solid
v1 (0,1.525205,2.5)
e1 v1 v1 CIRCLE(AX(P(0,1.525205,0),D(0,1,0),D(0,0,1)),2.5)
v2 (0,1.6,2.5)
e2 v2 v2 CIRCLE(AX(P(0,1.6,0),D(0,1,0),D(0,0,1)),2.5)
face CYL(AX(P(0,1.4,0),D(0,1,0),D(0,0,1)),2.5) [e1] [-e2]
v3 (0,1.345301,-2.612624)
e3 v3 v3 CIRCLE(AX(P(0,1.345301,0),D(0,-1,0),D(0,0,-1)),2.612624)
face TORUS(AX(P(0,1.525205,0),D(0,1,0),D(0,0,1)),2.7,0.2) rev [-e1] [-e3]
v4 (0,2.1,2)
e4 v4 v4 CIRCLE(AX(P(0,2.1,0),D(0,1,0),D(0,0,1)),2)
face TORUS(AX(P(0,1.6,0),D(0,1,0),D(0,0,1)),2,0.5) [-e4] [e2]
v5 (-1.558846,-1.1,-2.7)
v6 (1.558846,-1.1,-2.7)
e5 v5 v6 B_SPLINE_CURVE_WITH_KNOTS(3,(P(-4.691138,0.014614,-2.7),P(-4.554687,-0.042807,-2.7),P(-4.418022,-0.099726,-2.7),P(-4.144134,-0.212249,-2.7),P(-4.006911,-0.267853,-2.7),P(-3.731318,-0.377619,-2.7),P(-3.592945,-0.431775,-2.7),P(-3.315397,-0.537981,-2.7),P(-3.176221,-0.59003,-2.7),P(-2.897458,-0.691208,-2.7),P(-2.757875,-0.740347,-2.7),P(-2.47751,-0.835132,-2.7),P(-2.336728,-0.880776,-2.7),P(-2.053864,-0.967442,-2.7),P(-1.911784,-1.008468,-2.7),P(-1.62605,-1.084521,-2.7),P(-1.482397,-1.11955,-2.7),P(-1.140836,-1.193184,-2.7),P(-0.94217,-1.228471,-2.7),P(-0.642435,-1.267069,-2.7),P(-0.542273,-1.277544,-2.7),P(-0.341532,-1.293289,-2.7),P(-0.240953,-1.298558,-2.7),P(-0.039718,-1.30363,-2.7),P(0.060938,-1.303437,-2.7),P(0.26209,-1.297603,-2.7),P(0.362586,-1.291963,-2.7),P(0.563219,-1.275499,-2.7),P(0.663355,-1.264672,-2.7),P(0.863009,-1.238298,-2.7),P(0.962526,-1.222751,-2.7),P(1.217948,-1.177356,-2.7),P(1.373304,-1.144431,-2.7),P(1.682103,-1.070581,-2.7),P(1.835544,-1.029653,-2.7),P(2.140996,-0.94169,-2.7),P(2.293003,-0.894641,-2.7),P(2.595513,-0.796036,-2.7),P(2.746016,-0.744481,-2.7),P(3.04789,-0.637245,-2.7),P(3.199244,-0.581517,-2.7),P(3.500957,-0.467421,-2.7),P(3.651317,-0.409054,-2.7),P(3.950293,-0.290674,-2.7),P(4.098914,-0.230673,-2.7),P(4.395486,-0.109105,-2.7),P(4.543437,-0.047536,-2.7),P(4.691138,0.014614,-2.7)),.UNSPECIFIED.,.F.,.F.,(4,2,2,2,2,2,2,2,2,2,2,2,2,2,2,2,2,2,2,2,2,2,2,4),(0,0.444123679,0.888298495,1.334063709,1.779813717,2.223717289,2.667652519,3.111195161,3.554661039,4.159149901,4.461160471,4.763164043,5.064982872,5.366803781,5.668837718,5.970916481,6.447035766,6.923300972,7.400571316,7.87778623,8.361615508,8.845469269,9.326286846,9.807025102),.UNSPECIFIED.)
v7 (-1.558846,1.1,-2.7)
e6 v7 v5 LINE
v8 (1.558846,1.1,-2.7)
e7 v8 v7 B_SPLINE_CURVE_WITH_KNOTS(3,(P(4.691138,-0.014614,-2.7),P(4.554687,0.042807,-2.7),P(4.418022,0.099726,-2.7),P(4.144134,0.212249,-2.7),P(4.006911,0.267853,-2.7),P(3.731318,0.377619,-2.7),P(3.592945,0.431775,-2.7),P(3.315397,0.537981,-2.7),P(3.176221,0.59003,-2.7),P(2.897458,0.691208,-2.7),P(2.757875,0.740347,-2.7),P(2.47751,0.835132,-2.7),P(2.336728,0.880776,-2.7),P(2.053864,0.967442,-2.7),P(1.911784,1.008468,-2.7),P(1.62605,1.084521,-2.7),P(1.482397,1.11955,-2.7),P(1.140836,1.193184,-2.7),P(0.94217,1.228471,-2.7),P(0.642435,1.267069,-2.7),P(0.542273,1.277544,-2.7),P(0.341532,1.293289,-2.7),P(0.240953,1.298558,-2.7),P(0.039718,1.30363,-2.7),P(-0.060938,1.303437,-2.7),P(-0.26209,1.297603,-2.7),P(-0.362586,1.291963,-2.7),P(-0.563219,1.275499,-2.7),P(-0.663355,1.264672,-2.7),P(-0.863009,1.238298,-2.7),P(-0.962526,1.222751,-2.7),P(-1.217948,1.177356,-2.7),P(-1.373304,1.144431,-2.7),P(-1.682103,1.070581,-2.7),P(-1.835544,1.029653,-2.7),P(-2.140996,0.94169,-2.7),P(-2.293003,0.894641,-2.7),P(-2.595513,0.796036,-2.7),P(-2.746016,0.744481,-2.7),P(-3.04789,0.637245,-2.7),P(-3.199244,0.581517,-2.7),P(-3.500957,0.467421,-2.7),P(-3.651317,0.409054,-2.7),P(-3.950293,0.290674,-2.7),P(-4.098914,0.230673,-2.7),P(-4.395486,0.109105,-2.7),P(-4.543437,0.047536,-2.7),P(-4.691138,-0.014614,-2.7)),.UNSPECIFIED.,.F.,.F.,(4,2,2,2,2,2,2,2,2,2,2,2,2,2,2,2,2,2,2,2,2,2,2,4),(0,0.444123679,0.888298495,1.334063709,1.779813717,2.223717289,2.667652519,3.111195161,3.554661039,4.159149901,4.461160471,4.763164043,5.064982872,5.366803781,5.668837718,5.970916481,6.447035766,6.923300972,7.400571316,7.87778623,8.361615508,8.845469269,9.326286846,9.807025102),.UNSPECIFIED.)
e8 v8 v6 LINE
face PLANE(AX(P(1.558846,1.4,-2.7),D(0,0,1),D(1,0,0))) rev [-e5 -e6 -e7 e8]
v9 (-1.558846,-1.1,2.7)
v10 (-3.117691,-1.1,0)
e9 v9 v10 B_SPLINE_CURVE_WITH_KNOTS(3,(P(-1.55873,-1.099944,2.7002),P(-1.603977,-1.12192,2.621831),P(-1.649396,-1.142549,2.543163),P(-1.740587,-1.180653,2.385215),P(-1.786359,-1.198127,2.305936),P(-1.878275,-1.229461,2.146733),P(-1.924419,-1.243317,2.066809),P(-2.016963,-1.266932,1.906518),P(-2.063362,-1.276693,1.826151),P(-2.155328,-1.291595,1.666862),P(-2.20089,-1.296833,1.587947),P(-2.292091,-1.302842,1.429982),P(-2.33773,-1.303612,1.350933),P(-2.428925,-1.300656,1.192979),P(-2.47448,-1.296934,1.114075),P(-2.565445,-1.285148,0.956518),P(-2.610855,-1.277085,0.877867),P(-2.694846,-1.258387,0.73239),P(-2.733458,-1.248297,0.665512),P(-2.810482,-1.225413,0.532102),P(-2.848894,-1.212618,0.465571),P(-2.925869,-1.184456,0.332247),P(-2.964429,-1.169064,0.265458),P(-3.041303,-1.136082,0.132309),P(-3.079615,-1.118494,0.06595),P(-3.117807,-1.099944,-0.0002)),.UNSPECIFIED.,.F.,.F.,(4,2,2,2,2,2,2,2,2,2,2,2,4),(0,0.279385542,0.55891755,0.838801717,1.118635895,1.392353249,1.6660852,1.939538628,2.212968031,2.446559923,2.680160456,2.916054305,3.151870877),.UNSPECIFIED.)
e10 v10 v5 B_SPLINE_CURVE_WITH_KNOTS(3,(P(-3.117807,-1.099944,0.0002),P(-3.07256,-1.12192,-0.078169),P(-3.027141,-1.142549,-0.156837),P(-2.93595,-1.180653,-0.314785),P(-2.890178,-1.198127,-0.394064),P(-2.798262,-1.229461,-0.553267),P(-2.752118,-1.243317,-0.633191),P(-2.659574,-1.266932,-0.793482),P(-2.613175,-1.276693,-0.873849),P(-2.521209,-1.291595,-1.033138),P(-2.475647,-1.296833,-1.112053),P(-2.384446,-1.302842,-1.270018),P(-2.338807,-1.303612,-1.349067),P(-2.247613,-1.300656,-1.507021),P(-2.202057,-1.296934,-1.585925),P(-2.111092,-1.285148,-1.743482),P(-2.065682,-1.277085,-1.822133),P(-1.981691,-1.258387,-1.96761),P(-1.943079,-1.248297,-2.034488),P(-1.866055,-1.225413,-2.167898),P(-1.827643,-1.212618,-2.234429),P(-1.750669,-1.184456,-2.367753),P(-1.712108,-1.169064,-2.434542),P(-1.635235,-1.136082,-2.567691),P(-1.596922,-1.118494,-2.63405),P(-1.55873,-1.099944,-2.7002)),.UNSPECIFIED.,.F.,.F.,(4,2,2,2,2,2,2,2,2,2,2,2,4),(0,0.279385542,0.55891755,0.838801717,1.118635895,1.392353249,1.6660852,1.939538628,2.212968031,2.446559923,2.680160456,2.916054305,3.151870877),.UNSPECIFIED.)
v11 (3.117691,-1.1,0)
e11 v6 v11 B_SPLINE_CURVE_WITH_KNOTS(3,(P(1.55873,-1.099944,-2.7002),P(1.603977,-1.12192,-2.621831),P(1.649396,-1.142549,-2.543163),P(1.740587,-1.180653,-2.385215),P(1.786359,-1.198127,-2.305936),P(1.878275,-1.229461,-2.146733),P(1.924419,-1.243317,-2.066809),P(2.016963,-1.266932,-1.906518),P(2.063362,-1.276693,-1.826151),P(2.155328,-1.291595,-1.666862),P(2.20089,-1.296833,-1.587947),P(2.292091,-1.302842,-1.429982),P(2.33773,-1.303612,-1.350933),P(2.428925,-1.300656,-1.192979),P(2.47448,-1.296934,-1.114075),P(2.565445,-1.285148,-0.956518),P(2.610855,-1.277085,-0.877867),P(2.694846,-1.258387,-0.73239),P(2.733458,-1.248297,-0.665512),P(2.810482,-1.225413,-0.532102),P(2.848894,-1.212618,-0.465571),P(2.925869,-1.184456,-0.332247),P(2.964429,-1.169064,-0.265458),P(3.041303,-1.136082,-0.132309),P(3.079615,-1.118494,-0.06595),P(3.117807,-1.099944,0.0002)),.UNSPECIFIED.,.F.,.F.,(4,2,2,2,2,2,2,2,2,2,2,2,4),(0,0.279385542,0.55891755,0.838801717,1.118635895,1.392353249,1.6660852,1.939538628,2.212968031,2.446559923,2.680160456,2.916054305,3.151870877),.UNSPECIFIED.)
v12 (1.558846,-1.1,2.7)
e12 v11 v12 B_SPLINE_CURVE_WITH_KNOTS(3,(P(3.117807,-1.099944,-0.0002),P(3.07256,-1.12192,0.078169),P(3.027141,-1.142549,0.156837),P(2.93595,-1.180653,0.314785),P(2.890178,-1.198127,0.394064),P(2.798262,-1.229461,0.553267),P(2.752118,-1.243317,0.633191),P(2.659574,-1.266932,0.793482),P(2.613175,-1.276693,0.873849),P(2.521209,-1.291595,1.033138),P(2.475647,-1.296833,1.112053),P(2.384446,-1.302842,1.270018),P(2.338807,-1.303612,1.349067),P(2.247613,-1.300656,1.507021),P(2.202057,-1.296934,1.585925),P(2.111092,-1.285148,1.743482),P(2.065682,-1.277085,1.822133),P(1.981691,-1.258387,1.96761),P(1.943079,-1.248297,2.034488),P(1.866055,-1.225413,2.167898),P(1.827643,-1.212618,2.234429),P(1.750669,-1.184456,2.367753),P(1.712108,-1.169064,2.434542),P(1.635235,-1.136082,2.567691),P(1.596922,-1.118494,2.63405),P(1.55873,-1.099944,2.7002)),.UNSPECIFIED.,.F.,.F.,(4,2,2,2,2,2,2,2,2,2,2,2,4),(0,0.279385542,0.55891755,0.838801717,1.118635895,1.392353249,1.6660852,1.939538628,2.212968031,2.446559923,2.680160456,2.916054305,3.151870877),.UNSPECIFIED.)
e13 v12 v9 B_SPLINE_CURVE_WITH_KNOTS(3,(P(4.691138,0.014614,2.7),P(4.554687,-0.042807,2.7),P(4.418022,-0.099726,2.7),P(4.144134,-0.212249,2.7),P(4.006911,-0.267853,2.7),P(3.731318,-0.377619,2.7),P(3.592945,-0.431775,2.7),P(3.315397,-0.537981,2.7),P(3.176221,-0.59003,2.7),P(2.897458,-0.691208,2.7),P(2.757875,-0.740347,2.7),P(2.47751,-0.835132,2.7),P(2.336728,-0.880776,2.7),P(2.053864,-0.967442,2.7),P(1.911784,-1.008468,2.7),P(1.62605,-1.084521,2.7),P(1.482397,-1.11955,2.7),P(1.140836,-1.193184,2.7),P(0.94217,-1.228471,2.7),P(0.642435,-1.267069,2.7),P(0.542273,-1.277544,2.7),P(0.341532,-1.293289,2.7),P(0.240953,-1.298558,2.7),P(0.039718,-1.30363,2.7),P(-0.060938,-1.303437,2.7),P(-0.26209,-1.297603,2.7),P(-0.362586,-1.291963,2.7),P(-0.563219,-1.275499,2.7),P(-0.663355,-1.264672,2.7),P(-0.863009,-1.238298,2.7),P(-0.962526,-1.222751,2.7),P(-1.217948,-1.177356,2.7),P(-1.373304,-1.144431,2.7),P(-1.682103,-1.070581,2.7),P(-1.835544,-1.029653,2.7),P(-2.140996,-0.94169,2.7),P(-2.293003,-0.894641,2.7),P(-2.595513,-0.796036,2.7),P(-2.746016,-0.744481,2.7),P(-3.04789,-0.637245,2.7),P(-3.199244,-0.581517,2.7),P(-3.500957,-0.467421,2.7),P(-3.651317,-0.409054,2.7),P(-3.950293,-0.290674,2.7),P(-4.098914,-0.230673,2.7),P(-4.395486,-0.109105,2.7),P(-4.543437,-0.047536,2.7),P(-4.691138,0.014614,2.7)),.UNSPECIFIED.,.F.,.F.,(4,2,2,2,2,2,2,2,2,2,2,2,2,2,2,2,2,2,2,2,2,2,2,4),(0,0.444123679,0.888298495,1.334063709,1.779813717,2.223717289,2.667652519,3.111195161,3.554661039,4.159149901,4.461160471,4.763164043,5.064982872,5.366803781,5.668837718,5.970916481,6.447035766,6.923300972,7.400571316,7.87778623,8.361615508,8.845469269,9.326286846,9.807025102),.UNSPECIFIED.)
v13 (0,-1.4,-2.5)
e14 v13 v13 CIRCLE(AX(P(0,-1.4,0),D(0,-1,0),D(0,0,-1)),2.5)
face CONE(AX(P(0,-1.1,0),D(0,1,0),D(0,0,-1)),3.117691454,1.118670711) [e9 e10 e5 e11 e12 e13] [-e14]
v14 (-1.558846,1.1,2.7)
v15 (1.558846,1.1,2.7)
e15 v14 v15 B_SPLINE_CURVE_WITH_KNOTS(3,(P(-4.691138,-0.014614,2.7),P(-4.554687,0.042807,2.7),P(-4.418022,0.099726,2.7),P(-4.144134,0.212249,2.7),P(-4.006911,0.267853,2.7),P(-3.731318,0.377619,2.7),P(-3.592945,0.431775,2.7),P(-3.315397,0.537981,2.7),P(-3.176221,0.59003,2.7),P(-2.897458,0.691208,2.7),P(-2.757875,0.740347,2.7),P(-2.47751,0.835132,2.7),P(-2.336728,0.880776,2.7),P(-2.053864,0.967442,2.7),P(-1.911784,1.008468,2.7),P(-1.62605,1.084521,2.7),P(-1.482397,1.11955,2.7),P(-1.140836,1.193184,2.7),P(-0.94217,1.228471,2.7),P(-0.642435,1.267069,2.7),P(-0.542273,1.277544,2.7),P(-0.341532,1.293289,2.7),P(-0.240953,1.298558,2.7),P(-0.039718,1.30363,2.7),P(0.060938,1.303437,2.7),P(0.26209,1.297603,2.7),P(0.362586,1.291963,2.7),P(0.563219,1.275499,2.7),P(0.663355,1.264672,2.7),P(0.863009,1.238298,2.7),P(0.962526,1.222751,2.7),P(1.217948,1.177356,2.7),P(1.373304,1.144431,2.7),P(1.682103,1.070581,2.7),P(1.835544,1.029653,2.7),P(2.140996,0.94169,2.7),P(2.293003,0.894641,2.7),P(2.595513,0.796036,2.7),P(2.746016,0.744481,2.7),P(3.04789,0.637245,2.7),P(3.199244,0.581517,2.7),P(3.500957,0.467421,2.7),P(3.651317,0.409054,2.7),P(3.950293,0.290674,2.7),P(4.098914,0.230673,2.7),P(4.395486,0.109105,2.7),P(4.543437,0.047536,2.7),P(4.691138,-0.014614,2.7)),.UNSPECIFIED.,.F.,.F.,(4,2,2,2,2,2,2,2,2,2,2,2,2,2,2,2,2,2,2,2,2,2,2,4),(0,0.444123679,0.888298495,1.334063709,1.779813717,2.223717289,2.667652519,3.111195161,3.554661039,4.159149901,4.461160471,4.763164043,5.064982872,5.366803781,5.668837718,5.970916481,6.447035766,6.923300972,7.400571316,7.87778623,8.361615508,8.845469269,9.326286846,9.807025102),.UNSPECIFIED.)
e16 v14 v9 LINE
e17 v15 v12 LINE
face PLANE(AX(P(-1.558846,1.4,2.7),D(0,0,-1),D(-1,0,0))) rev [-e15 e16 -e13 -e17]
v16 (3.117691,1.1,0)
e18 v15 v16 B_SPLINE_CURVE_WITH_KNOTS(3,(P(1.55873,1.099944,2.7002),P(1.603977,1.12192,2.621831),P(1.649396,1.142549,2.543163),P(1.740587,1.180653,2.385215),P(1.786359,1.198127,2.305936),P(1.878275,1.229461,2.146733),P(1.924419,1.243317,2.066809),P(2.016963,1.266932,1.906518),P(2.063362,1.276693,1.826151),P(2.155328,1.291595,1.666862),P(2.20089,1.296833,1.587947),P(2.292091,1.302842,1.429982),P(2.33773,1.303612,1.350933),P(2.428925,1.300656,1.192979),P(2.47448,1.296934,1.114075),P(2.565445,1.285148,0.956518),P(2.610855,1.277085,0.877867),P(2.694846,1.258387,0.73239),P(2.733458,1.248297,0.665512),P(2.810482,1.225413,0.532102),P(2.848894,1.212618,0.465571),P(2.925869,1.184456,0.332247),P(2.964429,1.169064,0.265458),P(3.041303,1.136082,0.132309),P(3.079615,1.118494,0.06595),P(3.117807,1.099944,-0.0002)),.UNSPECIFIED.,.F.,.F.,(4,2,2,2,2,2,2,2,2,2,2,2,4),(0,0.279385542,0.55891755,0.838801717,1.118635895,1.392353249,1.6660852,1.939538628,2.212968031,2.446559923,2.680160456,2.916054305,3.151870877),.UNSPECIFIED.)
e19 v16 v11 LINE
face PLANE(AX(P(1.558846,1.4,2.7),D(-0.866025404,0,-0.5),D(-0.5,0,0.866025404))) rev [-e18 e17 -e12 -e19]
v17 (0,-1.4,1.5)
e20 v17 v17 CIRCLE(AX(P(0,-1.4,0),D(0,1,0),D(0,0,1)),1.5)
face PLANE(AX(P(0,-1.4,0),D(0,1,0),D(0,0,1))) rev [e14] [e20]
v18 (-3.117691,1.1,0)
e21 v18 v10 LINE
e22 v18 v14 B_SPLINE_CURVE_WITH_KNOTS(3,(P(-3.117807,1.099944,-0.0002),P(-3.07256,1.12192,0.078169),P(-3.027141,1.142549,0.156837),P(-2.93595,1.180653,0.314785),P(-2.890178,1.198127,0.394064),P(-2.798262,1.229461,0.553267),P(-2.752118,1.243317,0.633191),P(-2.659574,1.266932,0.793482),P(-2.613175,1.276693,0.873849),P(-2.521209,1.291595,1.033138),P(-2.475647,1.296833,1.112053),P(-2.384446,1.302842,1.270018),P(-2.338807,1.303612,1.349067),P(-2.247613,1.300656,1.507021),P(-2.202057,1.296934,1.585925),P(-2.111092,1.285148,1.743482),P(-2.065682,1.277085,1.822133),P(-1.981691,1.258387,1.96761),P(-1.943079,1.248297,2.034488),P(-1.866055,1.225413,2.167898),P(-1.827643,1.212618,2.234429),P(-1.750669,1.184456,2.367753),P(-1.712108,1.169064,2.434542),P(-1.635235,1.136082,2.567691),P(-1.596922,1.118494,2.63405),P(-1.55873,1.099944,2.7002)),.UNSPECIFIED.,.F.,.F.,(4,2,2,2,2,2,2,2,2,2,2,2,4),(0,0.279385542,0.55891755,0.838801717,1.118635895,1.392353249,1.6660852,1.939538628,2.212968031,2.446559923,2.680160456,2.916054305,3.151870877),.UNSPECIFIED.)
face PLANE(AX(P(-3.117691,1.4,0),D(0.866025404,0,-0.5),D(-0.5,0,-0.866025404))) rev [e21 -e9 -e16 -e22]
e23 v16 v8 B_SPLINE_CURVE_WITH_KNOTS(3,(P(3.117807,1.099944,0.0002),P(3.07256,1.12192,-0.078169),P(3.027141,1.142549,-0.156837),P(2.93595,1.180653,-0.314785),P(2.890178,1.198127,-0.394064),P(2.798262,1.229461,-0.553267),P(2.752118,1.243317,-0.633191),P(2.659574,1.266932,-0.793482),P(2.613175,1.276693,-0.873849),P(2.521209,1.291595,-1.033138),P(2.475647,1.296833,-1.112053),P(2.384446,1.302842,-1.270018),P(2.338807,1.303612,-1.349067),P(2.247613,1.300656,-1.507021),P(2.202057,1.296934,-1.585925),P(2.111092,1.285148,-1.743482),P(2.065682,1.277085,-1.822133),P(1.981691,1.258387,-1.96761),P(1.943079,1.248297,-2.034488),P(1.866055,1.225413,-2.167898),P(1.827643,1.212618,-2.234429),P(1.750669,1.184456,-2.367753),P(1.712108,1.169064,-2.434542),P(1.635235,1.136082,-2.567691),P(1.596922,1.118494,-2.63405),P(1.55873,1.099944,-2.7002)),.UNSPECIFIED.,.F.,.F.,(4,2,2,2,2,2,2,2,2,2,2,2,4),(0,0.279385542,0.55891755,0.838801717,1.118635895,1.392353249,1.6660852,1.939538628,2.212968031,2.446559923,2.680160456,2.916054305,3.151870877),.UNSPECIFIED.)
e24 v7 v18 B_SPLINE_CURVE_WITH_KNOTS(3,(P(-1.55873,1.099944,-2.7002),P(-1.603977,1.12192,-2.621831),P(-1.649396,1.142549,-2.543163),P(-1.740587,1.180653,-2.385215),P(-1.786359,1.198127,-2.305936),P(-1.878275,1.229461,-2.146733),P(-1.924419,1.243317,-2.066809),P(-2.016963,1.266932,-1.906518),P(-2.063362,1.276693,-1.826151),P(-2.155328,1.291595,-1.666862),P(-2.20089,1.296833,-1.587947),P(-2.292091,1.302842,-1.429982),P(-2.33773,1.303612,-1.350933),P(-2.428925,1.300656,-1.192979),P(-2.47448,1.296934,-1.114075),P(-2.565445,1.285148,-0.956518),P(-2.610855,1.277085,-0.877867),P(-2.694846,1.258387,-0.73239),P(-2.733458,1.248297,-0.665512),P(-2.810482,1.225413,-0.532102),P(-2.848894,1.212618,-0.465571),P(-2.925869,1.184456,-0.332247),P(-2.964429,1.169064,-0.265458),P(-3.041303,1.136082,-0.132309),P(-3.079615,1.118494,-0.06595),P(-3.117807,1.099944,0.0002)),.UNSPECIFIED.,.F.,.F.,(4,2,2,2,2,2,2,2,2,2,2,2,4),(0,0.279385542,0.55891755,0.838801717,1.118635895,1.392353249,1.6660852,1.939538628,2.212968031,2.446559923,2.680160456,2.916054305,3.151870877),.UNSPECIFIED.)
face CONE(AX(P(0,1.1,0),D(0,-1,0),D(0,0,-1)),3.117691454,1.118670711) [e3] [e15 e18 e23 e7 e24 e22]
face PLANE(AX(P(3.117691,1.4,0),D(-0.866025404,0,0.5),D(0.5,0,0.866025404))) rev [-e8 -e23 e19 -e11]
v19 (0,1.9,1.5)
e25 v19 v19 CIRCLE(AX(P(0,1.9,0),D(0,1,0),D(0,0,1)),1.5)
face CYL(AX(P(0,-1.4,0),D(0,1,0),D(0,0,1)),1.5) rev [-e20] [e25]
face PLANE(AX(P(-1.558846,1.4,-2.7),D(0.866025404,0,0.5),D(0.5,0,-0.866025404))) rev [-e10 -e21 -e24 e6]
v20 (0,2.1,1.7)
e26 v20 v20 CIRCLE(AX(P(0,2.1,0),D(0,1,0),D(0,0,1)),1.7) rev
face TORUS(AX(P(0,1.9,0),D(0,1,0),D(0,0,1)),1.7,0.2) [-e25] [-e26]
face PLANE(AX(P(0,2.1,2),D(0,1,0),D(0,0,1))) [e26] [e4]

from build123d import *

# Parameters (mm, degrees)
EXTRUDE_1_DEPTH     = 1.4
SKETCH_3_R          = 1.5
CUT_EXTRUDE_1_DEPTH = 3.8
FILLET_1_R          = 0.2


with BuildPart() as part:
    # 草图1 → 凸台-拉伸1 (new body, symmetric)
    with BuildSketch(Plane(origin=(0, 0, 0), x_dir=(1, 0, 0), z_dir=(0, 1, 0))):
        Polygon((3.117691454, 0), (1.558845727, 2.7), (-1.558845727, 2.7), (-3.117691454, 0), (-1.558845727, -2.7), (1.558845727, -2.7), align=None)
    extrude(amount=EXTRUDE_1_DEPTH, both=True)

    # 草图2 → 切除-旋转1 (revolve, cut)
    with BuildSketch(Plane.XY):
        Polygon((-3.117691454, 1.1), (-2.5, 1.4), (-3.117691454, 1.4), align=None)
    cut_revolve_1 = revolve(axis=Axis((0, 0, 0), (0, 1, 0)), mode=Mode.SUBTRACT)

    # 镜向3: 切除-旋转1 across plane
    add(cut_revolve_1.mirror(Plane.ZX), mode=Mode.SUBTRACT)

    # 草图3 → 切除-拉伸1 (cut, through all)
    with BuildSketch(Plane(origin=(0, 1.4, 0), x_dir=(1, 0, 0), z_dir=(0, 1, 0))):
        Circle(SKETCH_3_R)
    extrude(amount=-CUT_EXTRUDE_1_DEPTH, mode=Mode.SUBTRACT)

    # 草图4 → 旋转1 (revolve)
    with BuildSketch(Plane(origin=(0, 0, 0), x_dir=(0, 0, -1), z_dir=(1, 0, 0))):
        with BuildLine():
            Line((-2.5, 1.4), (-2.5, 1.6))
            ThreePointArc((-2.5, 1.6), (-2.353553391, 1.953553391), (-2, 2.1))
            Line((-2, 2.1), (-1.5, 2.1))
            Line((-1.5, 2.1), (-1.5, 1.4))
            Line((-1.5, 1.4), (-2.5, 1.4))
        make_face()
    revolve(axis=Axis((0, 1.4, 0), (0, -1, 0)))

    # 圆角1
    fillet_1_edges = [part.edges().sort_by_distance(p)[0] for p in [
        (-1.767766953, 1.4, 1.767766953),
        (0, 2.1, -1.5),
    ]]
    fillet(fillet_1_edges, radius=FILLET_1_R)


solid = part.part
